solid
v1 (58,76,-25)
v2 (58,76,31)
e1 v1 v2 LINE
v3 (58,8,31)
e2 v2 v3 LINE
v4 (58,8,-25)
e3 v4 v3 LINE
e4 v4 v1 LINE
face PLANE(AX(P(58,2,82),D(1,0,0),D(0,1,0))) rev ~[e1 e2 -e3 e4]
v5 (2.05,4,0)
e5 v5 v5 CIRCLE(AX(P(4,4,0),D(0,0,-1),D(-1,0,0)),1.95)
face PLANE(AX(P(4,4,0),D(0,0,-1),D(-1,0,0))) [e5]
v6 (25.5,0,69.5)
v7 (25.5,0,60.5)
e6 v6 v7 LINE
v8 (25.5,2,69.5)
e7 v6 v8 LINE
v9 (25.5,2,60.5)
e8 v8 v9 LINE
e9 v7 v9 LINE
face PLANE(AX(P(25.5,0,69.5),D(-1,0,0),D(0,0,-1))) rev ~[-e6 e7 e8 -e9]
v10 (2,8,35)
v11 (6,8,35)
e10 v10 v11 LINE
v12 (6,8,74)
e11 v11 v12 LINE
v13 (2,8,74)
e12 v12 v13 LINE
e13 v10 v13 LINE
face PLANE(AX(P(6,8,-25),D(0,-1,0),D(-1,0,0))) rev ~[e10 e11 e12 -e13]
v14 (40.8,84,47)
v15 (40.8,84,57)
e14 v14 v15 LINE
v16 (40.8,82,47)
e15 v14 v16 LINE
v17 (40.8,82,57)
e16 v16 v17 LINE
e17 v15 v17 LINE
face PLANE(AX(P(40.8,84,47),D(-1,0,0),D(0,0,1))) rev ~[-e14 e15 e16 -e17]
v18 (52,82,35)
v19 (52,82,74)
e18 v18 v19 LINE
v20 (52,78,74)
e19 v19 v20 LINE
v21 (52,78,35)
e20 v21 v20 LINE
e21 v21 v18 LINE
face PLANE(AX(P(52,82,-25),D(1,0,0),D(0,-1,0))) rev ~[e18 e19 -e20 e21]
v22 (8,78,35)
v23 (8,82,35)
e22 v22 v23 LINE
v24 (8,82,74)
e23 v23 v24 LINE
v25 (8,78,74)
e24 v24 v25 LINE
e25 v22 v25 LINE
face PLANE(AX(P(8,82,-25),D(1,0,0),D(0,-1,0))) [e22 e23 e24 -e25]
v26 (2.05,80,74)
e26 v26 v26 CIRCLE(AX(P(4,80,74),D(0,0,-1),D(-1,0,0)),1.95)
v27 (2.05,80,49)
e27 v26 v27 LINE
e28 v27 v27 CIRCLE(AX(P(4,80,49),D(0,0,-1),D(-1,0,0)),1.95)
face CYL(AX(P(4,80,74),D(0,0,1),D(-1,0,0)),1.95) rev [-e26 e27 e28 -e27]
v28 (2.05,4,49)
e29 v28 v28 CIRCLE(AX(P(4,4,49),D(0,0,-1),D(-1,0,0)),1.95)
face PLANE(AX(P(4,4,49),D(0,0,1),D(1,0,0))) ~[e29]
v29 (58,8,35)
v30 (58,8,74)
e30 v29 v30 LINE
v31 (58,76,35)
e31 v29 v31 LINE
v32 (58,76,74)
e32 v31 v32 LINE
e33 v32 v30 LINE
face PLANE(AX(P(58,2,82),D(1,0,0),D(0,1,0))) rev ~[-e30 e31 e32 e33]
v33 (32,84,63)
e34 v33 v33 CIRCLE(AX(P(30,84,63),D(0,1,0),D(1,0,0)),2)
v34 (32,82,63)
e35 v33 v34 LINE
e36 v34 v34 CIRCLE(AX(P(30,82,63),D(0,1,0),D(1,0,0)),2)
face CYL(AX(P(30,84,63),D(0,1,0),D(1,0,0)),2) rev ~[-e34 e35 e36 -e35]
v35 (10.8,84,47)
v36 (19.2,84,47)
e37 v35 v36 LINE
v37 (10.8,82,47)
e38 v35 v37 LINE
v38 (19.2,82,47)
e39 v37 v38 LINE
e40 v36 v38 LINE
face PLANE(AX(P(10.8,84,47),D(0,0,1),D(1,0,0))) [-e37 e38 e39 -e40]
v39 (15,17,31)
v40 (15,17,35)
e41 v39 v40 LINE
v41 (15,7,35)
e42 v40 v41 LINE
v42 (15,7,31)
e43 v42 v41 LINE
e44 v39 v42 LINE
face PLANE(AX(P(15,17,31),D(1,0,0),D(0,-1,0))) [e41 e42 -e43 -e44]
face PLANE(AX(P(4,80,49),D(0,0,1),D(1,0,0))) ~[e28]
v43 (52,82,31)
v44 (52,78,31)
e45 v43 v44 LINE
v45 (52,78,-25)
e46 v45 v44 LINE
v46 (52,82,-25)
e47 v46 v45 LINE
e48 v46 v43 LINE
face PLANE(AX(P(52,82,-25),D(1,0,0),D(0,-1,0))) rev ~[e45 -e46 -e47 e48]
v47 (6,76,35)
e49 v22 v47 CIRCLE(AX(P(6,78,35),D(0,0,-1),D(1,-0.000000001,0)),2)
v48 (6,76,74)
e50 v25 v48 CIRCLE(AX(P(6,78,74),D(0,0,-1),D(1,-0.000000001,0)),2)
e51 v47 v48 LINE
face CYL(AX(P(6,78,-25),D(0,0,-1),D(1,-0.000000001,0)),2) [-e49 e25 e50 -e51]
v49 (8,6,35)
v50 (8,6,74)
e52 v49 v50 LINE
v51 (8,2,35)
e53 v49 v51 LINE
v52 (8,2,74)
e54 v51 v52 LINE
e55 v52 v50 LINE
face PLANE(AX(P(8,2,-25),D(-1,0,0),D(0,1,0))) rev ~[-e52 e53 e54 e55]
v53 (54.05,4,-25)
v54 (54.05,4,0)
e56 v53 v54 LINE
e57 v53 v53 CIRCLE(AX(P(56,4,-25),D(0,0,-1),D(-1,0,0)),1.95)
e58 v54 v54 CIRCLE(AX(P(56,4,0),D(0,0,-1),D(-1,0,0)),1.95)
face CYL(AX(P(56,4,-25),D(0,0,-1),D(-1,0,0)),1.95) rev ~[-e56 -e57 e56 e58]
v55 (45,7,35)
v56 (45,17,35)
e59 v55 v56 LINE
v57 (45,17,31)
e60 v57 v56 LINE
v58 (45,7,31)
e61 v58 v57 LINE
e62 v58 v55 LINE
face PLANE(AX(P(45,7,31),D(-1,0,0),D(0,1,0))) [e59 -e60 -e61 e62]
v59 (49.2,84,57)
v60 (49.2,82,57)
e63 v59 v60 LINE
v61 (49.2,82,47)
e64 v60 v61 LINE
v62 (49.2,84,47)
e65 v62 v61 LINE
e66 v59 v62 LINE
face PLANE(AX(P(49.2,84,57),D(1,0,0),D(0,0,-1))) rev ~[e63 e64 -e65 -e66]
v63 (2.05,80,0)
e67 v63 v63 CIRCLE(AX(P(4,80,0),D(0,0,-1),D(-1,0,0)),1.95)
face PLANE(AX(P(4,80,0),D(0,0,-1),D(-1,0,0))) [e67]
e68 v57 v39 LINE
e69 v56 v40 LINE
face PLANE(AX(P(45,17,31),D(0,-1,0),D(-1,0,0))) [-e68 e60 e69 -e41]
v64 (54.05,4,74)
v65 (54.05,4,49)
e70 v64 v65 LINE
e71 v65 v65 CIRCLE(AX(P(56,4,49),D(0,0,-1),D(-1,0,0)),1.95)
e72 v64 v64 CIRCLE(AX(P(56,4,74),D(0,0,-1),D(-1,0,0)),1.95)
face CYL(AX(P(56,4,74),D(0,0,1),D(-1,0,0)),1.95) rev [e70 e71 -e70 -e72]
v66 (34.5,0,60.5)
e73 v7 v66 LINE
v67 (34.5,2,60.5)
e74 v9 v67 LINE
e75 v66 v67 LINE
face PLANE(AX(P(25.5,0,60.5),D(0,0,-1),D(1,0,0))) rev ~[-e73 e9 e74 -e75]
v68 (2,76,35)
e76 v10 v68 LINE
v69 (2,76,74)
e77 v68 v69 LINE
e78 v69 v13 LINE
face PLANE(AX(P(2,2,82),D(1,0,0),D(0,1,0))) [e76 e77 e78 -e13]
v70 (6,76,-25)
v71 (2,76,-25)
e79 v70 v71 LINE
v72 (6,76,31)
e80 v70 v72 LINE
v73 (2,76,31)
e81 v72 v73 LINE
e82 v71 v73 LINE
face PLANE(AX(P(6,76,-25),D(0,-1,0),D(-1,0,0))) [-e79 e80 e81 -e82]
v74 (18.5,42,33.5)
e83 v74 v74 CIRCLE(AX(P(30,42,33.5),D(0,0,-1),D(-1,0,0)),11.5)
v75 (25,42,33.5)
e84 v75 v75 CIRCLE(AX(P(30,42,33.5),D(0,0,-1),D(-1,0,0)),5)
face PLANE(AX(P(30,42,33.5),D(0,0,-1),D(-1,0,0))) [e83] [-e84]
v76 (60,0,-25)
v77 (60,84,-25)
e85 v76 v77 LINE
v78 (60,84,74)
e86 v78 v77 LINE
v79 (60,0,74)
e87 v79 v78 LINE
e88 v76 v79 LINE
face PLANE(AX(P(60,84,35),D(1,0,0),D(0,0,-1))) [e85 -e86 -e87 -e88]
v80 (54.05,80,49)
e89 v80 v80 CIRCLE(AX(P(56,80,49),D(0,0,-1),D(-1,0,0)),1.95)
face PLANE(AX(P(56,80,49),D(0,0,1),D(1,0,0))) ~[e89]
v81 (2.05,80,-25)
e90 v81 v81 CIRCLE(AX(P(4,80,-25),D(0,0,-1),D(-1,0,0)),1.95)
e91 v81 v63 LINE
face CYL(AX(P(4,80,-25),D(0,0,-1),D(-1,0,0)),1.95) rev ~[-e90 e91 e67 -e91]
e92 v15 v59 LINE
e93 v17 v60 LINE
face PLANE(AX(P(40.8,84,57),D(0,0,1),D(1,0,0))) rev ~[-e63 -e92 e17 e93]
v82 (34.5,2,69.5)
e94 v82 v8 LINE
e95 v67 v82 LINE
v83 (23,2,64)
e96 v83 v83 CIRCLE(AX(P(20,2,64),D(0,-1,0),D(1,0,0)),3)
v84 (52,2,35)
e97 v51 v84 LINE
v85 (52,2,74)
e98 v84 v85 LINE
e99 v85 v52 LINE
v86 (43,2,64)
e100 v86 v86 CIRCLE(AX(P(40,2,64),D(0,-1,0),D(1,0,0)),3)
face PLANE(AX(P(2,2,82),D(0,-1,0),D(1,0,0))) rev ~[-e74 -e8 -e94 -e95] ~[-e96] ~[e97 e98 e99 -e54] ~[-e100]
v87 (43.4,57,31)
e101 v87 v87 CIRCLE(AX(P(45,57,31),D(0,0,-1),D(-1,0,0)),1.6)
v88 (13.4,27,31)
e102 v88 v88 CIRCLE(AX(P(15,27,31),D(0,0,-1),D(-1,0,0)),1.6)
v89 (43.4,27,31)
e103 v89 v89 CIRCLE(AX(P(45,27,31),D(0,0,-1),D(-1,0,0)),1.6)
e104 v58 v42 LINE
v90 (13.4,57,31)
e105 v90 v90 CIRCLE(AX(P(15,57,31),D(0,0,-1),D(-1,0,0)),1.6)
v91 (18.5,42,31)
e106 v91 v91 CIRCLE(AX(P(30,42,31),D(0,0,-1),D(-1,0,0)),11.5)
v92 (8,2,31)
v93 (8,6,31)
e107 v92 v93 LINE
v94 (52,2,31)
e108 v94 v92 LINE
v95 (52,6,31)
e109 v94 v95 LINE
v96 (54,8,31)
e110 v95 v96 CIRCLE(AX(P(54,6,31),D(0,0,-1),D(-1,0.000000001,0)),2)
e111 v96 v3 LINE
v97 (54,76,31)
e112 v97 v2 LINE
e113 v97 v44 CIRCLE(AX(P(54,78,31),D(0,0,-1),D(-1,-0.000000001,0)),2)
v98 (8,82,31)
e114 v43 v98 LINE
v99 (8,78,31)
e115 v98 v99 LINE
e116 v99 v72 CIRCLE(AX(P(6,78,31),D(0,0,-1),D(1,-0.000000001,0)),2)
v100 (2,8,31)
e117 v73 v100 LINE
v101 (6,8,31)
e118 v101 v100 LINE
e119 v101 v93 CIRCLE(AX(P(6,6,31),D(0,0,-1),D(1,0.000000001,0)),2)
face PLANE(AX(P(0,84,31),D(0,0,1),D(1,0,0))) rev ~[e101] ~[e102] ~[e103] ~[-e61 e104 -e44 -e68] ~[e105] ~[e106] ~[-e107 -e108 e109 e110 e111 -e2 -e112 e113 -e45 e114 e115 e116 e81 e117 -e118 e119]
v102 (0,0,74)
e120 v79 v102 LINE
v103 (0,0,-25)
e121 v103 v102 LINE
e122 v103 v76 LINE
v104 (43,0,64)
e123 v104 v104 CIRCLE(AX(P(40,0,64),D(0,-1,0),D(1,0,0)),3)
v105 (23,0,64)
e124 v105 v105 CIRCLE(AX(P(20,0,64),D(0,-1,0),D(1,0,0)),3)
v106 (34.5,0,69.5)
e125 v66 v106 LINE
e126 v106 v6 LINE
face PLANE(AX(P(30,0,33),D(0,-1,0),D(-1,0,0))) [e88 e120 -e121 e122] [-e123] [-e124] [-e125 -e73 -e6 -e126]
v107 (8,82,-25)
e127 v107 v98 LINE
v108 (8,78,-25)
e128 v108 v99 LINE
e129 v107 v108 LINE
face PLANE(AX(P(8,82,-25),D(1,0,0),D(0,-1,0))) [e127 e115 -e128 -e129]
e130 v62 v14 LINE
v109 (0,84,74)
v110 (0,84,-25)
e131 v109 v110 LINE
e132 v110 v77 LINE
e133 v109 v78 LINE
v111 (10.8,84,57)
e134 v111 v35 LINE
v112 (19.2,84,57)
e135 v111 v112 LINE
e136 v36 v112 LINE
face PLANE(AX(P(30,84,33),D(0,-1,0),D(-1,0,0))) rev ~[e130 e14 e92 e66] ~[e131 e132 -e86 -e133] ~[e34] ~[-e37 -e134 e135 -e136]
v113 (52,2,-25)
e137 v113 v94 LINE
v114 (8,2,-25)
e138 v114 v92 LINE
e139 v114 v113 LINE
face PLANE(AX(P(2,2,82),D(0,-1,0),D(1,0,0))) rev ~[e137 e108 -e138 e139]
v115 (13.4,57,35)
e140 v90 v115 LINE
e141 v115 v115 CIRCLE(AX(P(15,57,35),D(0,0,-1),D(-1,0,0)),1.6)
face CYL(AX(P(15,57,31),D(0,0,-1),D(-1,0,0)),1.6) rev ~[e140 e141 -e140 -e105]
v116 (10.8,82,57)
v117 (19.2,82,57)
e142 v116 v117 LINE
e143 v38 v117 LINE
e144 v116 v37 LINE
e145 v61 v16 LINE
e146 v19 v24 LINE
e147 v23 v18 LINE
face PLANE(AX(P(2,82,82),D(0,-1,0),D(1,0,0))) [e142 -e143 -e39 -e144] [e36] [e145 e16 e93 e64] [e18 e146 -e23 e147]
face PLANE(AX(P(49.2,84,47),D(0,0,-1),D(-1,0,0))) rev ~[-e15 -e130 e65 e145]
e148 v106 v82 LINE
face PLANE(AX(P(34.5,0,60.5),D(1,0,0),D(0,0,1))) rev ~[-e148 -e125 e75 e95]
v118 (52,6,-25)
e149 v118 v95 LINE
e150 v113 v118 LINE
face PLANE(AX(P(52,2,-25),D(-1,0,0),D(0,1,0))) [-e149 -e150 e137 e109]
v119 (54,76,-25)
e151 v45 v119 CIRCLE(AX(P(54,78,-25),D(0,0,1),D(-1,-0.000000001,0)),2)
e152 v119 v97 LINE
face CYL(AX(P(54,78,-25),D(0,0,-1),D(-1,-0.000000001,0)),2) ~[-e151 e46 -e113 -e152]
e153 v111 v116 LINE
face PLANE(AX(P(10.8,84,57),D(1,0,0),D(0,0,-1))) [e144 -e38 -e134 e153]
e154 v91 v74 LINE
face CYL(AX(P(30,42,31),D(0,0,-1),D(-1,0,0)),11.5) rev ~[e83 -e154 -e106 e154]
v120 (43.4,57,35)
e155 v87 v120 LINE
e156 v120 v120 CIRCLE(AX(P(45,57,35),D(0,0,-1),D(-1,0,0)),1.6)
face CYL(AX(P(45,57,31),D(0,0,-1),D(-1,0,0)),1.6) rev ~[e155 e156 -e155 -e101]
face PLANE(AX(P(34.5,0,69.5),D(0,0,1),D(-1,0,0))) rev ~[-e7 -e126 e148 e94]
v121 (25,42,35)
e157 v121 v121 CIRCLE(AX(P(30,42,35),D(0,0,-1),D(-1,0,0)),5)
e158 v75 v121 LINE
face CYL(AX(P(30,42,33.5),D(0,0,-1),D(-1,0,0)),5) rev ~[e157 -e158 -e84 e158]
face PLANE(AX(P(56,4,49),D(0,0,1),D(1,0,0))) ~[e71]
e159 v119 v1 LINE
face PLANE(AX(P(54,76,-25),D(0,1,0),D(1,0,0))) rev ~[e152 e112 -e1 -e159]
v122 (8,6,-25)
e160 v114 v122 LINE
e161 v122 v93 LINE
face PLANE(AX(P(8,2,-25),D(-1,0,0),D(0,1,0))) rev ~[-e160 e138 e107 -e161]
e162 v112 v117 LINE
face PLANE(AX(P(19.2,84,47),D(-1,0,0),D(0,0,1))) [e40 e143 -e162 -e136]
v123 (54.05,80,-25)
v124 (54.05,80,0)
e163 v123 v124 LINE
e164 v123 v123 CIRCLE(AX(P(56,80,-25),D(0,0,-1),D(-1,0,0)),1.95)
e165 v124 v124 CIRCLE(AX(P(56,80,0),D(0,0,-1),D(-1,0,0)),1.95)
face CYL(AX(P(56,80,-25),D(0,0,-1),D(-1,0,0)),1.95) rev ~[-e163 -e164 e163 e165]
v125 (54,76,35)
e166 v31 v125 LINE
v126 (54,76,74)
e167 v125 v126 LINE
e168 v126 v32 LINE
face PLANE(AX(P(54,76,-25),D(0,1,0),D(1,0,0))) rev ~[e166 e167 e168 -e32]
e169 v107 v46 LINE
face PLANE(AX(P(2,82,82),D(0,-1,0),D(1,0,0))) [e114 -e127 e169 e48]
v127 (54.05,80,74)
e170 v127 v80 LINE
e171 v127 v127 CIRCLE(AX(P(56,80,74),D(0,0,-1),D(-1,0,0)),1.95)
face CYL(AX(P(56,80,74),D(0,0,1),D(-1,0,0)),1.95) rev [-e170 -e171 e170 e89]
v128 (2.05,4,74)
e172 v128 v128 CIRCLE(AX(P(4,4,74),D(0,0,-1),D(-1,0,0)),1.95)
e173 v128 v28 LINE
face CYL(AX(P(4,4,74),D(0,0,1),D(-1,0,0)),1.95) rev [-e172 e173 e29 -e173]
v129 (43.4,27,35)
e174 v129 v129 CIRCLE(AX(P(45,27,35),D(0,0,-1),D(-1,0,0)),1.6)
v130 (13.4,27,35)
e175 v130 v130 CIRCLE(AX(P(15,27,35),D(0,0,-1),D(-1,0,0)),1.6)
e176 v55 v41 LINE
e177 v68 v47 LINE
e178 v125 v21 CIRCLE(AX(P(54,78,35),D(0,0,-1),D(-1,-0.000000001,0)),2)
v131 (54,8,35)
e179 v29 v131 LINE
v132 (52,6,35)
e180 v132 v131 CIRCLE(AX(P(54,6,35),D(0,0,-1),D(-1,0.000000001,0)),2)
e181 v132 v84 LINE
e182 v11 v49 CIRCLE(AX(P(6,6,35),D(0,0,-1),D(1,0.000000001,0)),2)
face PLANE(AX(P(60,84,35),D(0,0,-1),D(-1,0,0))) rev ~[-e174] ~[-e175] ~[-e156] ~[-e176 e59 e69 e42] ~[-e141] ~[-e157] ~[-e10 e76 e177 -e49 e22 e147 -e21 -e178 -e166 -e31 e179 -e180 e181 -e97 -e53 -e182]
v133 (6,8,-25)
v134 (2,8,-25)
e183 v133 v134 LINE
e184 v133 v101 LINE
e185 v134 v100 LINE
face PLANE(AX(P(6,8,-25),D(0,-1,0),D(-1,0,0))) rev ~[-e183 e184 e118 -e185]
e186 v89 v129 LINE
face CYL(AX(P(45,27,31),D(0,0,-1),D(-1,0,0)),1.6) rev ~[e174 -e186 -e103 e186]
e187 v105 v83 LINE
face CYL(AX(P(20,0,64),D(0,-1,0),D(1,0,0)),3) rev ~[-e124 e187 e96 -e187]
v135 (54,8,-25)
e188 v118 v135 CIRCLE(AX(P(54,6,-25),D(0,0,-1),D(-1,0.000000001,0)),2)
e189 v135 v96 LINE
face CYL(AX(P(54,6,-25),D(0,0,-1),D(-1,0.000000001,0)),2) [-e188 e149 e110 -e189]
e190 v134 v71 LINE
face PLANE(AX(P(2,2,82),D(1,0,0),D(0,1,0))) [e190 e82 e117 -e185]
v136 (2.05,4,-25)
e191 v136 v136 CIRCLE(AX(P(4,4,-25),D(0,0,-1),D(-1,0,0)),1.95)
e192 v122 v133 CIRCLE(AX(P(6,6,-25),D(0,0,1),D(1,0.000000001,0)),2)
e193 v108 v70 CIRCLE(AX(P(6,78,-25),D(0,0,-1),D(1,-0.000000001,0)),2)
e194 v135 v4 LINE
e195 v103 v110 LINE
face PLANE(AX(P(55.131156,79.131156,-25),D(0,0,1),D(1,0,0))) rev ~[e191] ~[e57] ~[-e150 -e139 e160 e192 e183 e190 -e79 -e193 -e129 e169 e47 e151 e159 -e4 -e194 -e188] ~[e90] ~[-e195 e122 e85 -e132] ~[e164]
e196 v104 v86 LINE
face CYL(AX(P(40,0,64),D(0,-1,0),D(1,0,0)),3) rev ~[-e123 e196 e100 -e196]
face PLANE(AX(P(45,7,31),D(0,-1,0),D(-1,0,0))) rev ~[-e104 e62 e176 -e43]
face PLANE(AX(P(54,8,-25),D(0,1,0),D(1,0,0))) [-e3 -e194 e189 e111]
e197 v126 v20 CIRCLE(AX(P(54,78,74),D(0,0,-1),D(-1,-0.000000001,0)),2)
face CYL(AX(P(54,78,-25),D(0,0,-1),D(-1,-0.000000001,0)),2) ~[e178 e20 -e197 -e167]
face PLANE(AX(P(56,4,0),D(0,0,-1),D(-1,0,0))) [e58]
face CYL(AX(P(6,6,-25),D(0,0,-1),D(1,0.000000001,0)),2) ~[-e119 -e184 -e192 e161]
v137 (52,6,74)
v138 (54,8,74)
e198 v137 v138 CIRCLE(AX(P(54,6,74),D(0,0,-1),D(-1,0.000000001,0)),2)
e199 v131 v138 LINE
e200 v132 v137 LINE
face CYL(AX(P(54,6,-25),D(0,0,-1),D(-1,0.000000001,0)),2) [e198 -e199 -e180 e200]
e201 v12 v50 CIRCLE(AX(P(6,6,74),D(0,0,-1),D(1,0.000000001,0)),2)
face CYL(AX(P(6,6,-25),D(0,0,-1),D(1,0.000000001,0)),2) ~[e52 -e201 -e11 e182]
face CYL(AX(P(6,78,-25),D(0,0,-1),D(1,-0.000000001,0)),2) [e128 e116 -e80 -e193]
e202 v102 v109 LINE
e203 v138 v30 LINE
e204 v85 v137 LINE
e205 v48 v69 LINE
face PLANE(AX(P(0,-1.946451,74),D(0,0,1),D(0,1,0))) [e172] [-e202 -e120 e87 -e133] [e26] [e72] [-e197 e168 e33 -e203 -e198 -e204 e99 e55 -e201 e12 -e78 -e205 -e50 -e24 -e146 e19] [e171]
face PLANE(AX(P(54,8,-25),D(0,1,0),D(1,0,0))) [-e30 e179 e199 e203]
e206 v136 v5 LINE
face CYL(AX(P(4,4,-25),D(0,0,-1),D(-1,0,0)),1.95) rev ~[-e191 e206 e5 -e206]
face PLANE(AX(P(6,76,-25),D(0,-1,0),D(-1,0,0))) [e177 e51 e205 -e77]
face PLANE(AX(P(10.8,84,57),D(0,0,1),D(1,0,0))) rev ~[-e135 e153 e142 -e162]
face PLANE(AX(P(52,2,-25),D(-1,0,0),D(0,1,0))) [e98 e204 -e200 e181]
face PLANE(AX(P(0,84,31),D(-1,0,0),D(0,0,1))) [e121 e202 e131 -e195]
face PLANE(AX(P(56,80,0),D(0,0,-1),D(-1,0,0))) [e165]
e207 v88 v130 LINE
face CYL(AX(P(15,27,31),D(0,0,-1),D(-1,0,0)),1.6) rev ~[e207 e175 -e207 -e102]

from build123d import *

# Parameters (mm, degrees)
SKETCH1_W                = 60
SKETCH1_H                = 84
BOSS_EXTRUDE2_DEPTH      = 82
BOSS_EXTRUDE2_DEPTH_BACK = 25
SKETCH2_W                = 56
SKETCH2_H                = 80
CUT_EXTRUDE1_DEPTH       = 108
BOSS_EXTRUDE6_DEPTH      = 107
SKETCH22_R               = 1.95
CUT_EXTRUDE6_DEPTH       = 25
CUT_EXTRUDE9_DEPTH       = 2
SKETCH28_W               = 8
SKETCH28_H               = 85.946450773
CUT_EXTRUDE11_DEPTH      = 60
BOSS_EXTRUDE9_DEPTH      = 84
SKETCH37_R               = 1.6
CUT_EXTRUDE15_DEPTH      = 4
CUT_EXTRUDE16_DEPTH      = 4
SKETCH41_R               = 2
CUT_EXTRUDE17_DEPTH      = 2
SKETCH42_R               = 11.5
CUT_EXTRUDE18_DEPTH      = 2.5
SKETCH43_R               = 5
CUT_EXTRUDE19_DEPTH      = 1.5
SKETCH44_R               = 3
CUT_EXTRUDE20_DEPTH      = 2


with BuildPart() as part:
    # Sketch1 → Boss-Extrude2 (new body, two sides)
    with BuildSketch(Plane.XY) as boss_extrude2_sk:
        with Locations((30, 42)):
            Rectangle(SKETCH1_W, SKETCH1_H)
    extrude(amount=BOSS_EXTRUDE2_DEPTH)
    extrude(boss_extrude2_sk.sketch, amount=-BOSS_EXTRUDE2_DEPTH_BACK)

    # Sketch2 → Cut-Extrude1 (cut, through all)
    with BuildSketch(Plane.XY.offset(82)):
        with Locations((30, 42)):
            Rectangle(SKETCH2_W, SKETCH2_H)
    extrude(amount=-CUT_EXTRUDE1_DEPTH, mode=Mode.SUBTRACT)

    # Sketch8 → Boss-Extrude6 (add)
    with BuildSketch(Plane(origin=(0, 0, -25), x_dir=(-1, 0, 0), z_dir=(0, 0, -1))):
        with BuildLine():
            Line((-58, 82), (-52, 82))
            Line((-52, 82), (-52, 78))
            ThreePointArc((-52, 78), (-52.585786438, 76.585786438), (-54, 76))
            Line((-54, 76), (-58, 76))
            Line((-58, 76), (-58, 82))
        make_face()
        with BuildLine():
            Line((-2, 2), (-8, 2))
            Line((-8, 2), (-8, 6))
            ThreePointArc((-8, 6), (-7.414213562, 7.414213562), (-6, 8))
            Line((-6, 8), (-2, 8))
            Line((-2, 8), (-2, 2))
        make_face()
        with BuildLine():
            Line((-2, 76), (-2, 82))
            Line((-2, 82), (-8, 82))
            Line((-8, 82), (-8, 78))
            ThreePointArc((-8, 78), (-7.414213562, 76.585786438), (-6, 76))
            Line((-6, 76), (-2, 76))
        make_face()
        with BuildLine():
            Line((-58, 8), (-58, 2))
            Line((-58, 2), (-52, 2))
            Line((-52, 2), (-52, 6))
            ThreePointArc((-52, 6), (-52.585786438, 7.414213562), (-54, 8))
            Line((-54, 8), (-58, 8))
        make_face()
    extrude(amount=-BOSS_EXTRUDE6_DEPTH)

    # Sketch22 → Cut-Extrude6 (cut)
    with BuildSketch(Plane(origin=(0, 0, -25), x_dir=(-1, 0, 0), z_dir=(0, 0, -1))):
        with Locations((-56, 80)):
            Circle(SKETCH22_R)
        with Locations((-4, 80)):
            Circle(SKETCH22_R)
        with Locations((-4, 4)):
            Circle(SKETCH22_R)
        with Locations((-56, 4)):
            Circle(SKETCH22_R)
    cut_extrude6 = extrude(amount=-CUT_EXTRUDE6_DEPTH, mode=Mode.SUBTRACT)

    # Sketch26 → Cut-Extrude9 (cut)
    with BuildSketch(Plane(origin=(0, 84, 0), x_dir=(1, 0, 0), z_dir=(0, 1, 0))):
        Polygon((15, -57), (10.8, -57), (10.8, -47), (19.2, -47), (19.2, -57), align=None)
        Polygon((40.8, -47), (40.8, -57), (45, -57), (49.2, -57), (49.2, -47), align=None)
    extrude(amount=-CUT_EXTRUDE9_DEPTH, mode=Mode.SUBTRACT)

    # Sketch28 → Cut-Extrude11 (cut)
    with BuildSketch(Plane.ZY):
        with Locations((78, 41.026774614)):
            Rectangle(SKETCH28_W, SKETCH28_H)
    extrude(amount=-CUT_EXTRUDE11_DEPTH, mode=Mode.SUBTRACT)

    # Sketch32 → Boss-Extrude9 (add)
    with BuildSketch(Plane(origin=(0, 84, 0), x_dir=(1, 0, 0), z_dir=(0, 1, 0))):
        Polygon((60, -33), (60, -35), (0, -35), (0, -33), (0, -31), (60, -31), align=None)
    extrude(amount=-BOSS_EXTRUDE9_DEPTH)

    # Sketch37 → Cut-Extrude15 (cut)
    with BuildSketch(Plane(origin=(0, 0, 31), x_dir=(-1, 0, 0), z_dir=(0, 0, -1))):
        with Locations((-15, 57)):
            Circle(SKETCH37_R)
        with Locations((-45, 57)):
            Circle(SKETCH37_R)
        with Locations((-45, 27)):
            Circle(SKETCH37_R)
        with Locations((-15, 27)):
            Circle(SKETCH37_R)
    extrude(amount=-CUT_EXTRUDE15_DEPTH, mode=Mode.SUBTRACT)

    # Sketch38 → Cut-Extrude16 (cut)
    with BuildSketch(Plane(origin=(0, 0, 31), x_dir=(-1, 0, 0), z_dir=(0, 0, -1))):
        Polygon((-30, 7), (-45, 7), (-45, 17), (-15, 17), (-15, 7), align=None)
    extrude(amount=-CUT_EXTRUDE16_DEPTH, mode=Mode.SUBTRACT)

    # Mirror1: Cut-Extrude6 across plane
    add(cut_extrude6.mirror(Plane(origin=(0, 0, 24.5), x_dir=(1, 0, 0), z_dir=(0, 0, -1))), mode=Mode.SUBTRACT)

    # Sketch41 → Cut-Extrude17 (cut)
    with BuildSketch(Plane(origin=(0, 84, 0), x_dir=(1, 0, 0), z_dir=(0, 1, 0))):
        with Locations((30, -63)):
            Circle(SKETCH41_R)
    extrude(amount=-CUT_EXTRUDE17_DEPTH, mode=Mode.SUBTRACT)

    # Sketch42 → Cut-Extrude18 (cut)
    with BuildSketch(Plane(origin=(0, 0, 31), x_dir=(-1, 0, 0), z_dir=(0, 0, -1))):
        with Locations((-30, 42)):
            Circle(SKETCH42_R)
    extrude(amount=-CUT_EXTRUDE18_DEPTH, mode=Mode.SUBTRACT)

    # Sketch43 → Cut-Extrude19 (cut)
    with BuildSketch(Plane(origin=(0, 0, 33.5), x_dir=(-1, 0, 0), z_dir=(0, 0, -1))):
        with Locations((-30, 42)):
            Circle(SKETCH43_R)
    extrude(amount=-CUT_EXTRUDE19_DEPTH, mode=Mode.SUBTRACT)

    # Sketch44 → Cut-Extrude20 (cut)
    with BuildSketch(Plane.XZ):
        with Locations((20, 64)):
            Circle(SKETCH44_R)
        with Locations((40, 64)):
            Circle(SKETCH44_R)
        Polygon((30, 69.5), (25.5, 69.5), (25.5, 60.5), (34.5, 60.5), (34.5, 69.5), align=None)
    extrude(amount=-CUT_EXTRUDE20_DEPTH, mode=Mode.SUBTRACT)


solid = part.part
